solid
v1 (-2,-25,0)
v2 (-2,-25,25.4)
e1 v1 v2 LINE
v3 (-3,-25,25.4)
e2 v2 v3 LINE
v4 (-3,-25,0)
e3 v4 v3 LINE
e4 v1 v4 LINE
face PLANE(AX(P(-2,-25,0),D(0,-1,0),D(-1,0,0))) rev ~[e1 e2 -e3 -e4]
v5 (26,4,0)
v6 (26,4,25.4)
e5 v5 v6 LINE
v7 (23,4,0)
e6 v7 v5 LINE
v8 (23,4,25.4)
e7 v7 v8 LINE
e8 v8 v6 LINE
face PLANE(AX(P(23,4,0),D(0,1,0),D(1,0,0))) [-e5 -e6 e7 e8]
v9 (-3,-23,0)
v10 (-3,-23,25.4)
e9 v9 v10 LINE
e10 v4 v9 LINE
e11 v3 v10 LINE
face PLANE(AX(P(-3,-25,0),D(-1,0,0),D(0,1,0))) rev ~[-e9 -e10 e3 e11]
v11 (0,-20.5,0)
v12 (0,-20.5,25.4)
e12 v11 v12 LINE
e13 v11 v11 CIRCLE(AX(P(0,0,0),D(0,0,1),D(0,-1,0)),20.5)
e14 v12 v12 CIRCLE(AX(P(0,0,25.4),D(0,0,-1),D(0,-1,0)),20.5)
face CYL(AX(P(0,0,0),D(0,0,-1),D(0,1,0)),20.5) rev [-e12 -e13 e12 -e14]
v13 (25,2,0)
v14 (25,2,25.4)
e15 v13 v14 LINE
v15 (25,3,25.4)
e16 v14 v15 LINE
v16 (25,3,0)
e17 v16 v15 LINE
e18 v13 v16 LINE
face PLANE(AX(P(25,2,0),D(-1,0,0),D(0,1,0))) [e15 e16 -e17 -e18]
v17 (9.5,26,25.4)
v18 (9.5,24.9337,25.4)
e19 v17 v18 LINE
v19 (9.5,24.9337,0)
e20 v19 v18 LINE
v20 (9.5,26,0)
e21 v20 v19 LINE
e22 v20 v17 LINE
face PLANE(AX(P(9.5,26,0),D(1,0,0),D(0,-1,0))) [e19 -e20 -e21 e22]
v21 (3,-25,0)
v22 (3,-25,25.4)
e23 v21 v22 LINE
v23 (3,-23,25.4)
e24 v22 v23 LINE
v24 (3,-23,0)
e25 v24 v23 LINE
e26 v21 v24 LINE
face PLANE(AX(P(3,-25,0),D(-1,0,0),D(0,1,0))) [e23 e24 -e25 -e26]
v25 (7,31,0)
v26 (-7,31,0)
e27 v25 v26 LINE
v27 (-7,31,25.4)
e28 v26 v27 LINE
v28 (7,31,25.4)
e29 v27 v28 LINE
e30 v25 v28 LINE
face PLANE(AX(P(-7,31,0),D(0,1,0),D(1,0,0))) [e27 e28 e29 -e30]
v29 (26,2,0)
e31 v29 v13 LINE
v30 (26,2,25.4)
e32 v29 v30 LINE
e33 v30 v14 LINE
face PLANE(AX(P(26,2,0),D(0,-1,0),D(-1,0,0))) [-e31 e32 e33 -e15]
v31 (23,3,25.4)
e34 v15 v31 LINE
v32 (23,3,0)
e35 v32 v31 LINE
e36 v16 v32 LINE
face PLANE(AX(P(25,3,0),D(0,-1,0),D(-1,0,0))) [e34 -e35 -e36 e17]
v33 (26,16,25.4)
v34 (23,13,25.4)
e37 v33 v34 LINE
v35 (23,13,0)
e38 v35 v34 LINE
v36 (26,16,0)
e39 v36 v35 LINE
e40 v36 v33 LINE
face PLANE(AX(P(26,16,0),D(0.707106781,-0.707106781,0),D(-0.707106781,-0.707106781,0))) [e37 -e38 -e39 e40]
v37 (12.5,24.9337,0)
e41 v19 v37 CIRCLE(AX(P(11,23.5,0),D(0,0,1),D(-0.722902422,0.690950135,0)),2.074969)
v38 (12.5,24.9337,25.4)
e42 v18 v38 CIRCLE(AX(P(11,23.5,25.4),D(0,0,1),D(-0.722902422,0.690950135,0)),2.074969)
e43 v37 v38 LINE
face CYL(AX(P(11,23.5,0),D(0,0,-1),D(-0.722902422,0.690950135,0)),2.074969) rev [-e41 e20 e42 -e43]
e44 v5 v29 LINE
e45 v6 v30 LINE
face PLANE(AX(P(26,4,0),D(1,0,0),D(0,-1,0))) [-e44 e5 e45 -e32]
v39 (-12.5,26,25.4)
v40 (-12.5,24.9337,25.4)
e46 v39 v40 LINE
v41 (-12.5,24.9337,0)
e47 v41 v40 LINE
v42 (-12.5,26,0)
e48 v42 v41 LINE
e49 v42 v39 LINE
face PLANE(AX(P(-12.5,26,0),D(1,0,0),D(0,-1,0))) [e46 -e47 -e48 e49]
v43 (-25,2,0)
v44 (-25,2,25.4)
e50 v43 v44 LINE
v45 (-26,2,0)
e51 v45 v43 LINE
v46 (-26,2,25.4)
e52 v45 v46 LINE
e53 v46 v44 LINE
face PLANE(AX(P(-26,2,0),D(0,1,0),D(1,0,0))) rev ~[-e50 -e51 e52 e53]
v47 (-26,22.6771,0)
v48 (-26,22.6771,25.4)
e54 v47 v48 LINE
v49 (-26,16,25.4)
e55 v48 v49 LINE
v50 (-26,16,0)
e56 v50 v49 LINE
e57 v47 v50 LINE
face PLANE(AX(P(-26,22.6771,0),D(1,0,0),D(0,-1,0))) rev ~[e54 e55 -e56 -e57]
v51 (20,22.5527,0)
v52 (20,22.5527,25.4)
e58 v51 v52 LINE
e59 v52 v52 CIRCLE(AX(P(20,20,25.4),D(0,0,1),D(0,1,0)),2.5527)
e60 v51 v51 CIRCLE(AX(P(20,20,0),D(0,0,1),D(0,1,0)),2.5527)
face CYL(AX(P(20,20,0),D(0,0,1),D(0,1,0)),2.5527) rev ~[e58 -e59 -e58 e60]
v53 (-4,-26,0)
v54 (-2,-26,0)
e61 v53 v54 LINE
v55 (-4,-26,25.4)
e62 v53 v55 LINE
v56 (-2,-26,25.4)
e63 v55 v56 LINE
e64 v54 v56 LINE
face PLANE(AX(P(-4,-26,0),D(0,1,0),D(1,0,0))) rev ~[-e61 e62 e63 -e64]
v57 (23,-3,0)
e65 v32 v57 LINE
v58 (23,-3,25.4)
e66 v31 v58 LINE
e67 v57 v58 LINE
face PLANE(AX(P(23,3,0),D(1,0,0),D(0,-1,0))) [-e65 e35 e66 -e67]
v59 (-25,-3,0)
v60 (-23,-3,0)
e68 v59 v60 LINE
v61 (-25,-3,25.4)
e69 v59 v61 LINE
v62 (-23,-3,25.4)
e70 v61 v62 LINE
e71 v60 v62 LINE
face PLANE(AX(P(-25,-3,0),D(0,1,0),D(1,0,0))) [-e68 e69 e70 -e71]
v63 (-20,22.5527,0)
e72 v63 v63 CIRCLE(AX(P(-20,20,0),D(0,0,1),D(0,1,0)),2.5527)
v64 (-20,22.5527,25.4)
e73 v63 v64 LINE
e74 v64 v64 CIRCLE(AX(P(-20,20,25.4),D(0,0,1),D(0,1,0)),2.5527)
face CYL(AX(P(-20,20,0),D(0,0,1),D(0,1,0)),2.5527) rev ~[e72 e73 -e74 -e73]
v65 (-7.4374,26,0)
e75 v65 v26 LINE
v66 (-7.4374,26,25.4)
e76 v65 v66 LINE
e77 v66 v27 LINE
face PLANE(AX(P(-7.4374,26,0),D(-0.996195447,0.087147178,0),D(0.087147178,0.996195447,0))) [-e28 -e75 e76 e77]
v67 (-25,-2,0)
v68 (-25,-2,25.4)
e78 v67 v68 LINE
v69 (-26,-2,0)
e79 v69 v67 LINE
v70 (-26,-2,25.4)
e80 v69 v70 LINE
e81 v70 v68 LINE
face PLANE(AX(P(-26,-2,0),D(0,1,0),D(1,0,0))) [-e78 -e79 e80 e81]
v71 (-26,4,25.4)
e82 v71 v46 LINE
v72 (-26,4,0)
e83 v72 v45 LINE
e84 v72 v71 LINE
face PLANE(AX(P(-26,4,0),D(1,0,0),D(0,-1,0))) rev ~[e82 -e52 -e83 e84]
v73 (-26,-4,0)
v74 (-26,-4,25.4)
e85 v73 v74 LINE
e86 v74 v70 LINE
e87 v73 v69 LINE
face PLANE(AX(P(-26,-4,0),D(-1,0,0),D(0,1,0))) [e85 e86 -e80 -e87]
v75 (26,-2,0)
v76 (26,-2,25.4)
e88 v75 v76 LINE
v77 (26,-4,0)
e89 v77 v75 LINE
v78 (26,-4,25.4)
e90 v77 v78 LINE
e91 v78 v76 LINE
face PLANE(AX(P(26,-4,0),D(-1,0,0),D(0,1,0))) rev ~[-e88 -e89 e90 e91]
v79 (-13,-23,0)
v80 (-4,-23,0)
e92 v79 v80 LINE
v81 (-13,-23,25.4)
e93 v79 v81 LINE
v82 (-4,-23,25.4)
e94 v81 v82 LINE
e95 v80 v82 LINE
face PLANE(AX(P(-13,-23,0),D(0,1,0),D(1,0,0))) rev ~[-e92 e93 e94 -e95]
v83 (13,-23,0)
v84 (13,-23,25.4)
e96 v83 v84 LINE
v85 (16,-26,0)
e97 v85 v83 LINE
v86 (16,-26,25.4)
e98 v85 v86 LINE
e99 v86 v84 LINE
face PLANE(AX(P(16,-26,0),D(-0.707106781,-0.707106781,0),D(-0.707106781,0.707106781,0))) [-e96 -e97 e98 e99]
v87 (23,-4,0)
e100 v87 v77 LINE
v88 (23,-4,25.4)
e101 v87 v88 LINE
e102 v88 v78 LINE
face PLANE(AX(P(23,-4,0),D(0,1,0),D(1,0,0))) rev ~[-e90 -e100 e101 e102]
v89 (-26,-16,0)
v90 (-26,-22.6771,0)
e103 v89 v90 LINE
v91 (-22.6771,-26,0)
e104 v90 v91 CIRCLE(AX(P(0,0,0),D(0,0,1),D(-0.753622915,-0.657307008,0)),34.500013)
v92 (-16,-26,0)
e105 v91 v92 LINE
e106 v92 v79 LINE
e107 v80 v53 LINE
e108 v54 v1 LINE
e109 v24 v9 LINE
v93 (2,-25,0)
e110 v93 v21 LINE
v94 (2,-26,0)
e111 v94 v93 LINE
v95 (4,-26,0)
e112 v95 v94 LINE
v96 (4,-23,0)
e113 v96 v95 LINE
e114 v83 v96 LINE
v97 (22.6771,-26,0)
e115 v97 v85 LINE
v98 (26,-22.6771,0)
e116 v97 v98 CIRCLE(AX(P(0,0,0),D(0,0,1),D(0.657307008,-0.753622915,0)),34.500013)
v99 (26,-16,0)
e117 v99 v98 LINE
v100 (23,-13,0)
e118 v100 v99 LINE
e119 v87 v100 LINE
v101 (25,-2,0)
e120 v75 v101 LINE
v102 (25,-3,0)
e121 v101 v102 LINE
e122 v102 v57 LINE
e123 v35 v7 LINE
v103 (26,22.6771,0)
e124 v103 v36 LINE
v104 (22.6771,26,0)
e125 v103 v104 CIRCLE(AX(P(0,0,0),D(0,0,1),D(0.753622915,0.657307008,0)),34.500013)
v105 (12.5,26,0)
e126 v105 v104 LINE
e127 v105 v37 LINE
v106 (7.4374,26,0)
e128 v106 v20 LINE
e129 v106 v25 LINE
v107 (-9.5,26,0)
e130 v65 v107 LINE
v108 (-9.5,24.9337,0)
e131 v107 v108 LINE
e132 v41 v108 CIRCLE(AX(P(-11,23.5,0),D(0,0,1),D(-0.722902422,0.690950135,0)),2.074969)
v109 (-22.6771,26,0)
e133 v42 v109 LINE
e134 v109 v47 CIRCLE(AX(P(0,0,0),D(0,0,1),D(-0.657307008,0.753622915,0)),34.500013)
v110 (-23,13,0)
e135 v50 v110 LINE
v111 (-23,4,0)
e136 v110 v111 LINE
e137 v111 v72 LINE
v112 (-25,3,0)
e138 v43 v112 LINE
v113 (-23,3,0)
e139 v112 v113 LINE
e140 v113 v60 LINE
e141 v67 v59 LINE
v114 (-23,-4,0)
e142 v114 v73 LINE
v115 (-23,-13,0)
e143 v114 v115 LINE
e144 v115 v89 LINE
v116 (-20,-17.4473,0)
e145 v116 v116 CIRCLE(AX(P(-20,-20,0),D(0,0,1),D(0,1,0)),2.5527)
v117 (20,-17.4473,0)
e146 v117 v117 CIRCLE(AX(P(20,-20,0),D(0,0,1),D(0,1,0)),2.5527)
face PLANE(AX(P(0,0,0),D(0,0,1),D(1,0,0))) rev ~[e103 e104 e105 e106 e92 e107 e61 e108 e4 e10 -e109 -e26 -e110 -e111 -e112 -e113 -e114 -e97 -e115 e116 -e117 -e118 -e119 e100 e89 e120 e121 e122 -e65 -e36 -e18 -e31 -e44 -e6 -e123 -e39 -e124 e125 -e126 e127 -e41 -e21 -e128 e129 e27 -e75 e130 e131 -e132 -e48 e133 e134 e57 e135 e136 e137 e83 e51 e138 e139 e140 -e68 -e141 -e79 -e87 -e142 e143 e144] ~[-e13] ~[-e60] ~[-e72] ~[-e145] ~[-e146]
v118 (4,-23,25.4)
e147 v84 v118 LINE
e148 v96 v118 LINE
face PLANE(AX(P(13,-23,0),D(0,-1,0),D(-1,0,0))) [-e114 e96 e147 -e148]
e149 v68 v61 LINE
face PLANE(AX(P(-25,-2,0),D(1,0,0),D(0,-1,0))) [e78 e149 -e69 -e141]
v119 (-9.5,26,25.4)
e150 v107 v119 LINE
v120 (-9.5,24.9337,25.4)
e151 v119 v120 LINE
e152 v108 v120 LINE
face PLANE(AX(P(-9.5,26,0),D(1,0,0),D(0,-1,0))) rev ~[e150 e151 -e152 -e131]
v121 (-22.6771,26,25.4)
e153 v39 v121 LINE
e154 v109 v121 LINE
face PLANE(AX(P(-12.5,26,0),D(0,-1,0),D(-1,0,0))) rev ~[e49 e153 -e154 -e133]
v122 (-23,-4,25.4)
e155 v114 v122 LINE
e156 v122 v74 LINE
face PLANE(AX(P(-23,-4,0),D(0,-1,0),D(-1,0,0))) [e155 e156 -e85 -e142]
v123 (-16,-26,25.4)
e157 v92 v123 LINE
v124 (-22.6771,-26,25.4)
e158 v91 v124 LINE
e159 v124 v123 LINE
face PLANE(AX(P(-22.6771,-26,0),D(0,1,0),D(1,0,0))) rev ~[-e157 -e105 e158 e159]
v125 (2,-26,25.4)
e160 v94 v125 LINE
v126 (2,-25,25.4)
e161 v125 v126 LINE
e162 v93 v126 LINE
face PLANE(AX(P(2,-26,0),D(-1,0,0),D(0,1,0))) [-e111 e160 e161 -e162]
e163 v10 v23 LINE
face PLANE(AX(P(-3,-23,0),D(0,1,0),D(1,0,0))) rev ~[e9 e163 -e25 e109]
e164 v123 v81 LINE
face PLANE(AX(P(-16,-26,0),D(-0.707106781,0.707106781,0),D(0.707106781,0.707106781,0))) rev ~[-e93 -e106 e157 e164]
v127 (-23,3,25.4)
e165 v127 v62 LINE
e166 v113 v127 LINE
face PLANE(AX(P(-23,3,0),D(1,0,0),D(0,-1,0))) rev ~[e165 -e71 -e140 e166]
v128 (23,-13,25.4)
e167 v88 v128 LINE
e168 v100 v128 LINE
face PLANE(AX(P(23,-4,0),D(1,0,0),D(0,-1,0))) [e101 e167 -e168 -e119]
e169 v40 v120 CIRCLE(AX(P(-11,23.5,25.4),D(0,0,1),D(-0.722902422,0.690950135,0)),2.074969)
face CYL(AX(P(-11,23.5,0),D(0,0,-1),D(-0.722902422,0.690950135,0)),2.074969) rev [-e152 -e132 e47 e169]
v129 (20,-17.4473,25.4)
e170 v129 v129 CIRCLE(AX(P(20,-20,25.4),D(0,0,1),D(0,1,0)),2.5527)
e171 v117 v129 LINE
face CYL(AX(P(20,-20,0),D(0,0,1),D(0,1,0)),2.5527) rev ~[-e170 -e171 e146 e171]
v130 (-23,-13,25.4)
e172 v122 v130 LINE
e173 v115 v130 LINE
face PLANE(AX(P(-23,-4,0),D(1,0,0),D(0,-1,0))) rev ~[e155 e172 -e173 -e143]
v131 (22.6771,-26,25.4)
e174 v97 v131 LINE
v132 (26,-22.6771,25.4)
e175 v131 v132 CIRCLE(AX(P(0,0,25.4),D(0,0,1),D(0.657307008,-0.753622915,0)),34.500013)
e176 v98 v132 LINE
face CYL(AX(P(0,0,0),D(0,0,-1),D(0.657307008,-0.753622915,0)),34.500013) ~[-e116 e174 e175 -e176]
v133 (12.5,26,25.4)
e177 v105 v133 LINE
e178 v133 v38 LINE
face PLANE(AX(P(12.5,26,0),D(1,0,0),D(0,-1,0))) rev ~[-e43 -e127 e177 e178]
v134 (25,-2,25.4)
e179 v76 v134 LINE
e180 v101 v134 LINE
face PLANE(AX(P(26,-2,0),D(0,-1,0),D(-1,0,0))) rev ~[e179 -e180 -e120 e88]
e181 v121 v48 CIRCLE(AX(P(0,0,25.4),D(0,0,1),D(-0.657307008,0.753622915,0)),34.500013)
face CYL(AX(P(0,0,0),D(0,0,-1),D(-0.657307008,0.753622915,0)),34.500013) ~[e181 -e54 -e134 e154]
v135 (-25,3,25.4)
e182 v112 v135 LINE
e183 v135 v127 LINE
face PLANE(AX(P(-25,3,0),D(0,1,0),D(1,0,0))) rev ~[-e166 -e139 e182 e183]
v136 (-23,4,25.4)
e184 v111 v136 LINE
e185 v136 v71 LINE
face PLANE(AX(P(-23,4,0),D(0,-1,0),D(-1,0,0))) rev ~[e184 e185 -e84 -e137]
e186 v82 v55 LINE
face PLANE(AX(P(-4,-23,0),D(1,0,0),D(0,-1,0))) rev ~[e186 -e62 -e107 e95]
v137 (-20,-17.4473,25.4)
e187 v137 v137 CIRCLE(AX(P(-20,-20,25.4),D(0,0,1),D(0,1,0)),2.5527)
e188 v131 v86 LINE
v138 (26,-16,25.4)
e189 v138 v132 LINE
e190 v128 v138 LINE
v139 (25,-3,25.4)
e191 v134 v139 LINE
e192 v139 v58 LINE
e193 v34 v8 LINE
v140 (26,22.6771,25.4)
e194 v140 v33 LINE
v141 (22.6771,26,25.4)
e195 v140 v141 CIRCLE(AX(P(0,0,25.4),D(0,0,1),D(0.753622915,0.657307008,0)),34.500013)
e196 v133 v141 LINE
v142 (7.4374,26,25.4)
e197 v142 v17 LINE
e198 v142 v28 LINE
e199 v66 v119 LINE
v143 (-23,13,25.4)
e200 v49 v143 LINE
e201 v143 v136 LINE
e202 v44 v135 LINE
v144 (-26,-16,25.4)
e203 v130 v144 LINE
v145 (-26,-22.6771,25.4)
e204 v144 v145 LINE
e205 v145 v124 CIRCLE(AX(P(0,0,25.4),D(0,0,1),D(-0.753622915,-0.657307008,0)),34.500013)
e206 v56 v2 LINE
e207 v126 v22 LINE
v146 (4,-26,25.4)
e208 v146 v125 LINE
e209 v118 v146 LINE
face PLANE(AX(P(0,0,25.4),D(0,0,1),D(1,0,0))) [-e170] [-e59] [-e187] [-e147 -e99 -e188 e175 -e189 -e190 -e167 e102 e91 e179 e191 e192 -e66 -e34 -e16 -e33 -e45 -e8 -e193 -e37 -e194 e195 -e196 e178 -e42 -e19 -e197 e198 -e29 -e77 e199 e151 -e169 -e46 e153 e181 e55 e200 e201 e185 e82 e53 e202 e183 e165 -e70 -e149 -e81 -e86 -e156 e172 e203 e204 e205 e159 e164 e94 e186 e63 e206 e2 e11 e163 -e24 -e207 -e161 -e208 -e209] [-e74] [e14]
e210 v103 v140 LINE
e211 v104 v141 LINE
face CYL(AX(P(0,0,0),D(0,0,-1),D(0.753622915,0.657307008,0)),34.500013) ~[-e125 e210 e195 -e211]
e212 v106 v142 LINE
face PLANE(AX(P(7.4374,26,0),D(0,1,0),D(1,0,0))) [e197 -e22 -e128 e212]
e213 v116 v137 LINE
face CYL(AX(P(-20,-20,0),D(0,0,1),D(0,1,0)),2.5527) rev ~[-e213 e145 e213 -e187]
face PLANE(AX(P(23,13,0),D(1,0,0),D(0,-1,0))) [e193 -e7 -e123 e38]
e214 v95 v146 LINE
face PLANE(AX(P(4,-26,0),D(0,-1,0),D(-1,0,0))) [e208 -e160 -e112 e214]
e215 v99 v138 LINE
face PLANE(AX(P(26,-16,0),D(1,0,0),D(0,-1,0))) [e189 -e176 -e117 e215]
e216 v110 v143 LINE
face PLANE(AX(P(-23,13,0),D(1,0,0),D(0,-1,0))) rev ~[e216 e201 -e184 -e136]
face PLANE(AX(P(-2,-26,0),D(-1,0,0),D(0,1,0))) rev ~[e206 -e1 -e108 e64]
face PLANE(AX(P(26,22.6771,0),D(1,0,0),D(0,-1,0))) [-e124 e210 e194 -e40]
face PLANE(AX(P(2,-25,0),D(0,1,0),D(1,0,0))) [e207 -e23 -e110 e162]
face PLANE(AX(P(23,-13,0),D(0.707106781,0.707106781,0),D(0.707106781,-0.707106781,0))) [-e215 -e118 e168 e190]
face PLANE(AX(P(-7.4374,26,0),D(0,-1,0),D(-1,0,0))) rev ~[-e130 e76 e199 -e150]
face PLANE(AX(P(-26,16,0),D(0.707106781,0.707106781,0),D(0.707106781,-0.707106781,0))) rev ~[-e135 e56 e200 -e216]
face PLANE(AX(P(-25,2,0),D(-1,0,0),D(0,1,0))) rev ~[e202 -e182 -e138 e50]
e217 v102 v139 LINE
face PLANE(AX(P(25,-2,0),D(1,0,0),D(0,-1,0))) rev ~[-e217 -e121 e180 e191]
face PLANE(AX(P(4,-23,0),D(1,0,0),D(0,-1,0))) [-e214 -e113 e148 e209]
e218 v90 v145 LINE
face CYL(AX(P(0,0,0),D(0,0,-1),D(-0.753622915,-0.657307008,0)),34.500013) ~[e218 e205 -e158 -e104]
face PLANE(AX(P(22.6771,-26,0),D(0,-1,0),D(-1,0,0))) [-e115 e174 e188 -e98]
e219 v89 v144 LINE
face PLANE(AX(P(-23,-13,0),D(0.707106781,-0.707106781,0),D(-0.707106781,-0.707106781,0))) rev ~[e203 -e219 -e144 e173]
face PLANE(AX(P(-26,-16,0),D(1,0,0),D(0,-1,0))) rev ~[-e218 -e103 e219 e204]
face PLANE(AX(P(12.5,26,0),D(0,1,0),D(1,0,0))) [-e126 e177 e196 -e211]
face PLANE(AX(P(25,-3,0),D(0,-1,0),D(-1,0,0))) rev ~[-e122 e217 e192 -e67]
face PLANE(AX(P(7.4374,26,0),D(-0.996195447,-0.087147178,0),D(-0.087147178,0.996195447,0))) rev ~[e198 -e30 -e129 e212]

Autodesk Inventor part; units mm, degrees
ref_plane "YZ Plane" through (0, 0, 0) normal (1, 0, 0) x (0, 1, 0)
ref_plane "XZ Plane" through (0, 0, 0) normal (0, 1, 0) x (-1, 0, 0)
ref_plane "XY Plane" through (0, 0, 0) normal (0, 0, 1) x (1, 0, 0)
sketch "Sketch1" plane through (0, 0, 0) normal (0, 0, 1) x (1, 0, 0)
  line L0 (-7.4374, 26) -> (-7, 31)
  line L1 (0, 31) -> (0, 0) construction
  line L2 (-7, 31) -> (0, 31)
  line L3 (-9.5, 26) -> (-9.5, 24.9337)
  line L4 (-12.5, 26) -> (-12.5, 24.9337)
  line L5 (-7.4374, 26) -> (-9.5, 26)
  line L6 (-12.5, 26) -> (-22.6771, 26)
  arc A0 (-12.5, 24.9337) -> (-9.5, 24.9337) centre (-11, 23.5) ccw
  line L7 (-22.6771, -26) -> (-16, -26)
  line L8 (0, -23) -> (0, 0) construction
  arc A1 (-26, -22.6771) -> (-22.6771, -26) centre (0, 0) ccw
  arc A2 (-22.6771, 26) -> (-26, 22.6771) centre (0, 0) ccw
  line L9 (-26, 16) -> (-23, 13)
  line L10 (-23, -13) -> (-26, -16)
  line L11 (-26, 22.6771) -> (-26, 16)
  line L12 (-26, -16) -> (-26, -22.6771)
  line L13 (-16, -26) -> (-13, -23)
  line L14 (-23, 4) -> (-26, 4)
  line L15 (-26, 4) -> (-26, 2)
  line L16 (-26, 2) -> (-25, 2)
  line L17 (-25, 2) -> (-25, 3)
  line L18 (-25, 3) -> (-23, 3)
  line L19 (-23, -4) -> (-26, -4)
  line L20 (-26, -4) -> (-26, -2)
  line L21 (-26, -2) -> (-25, -2)
  line L22 (-25, -2) -> (-25, -3)
  line L23 (-25, -3) -> (-23, -3)
  line L24 (-4, -23) -> (-4, -26)
  line L25 (-4, -26) -> (-2, -26)
  line L26 (-2, -26) -> (-2, -25)
  line L27 (-2, -25) -> (-3, -25)
  line L28 (-3, -25) -> (-3, -23)
  line L29 (-23, 13) -> (-23, 4)
  line L30 (-23, 3) -> (-23, -3)
  line L31 (-23, -4) -> (-23, -13)
  line L32 (-13, -23) -> (-4, -23)
  line L33 (-3, -23) -> (0, -23)
  arc A3 (0, 20.5) -> (0, -20.5) centre (0, 0) ccw
  line L34 (0, 36.125) -> (0, -43.6282) construction
  line L35 (7.4374, 26) -> (7, 31)
  line L36 (7, 31) -> (0, 31)
  line L37 (9.5, 26) -> (9.5, 24.9337)
  line L38 (12.5, 26) -> (12.5, 24.9337)
  line L39 (7.4374, 26) -> (9.5, 26)
  line L40 (12.5, 26) -> (22.6771, 26)
  arc A4 (9.5, 24.9337) -> (12.5, 24.9337) centre (11, 23.5) ccw
  line L41 (22.6771, -26) -> (16, -26)
  arc A5 (22.6771, -26) -> (26, -22.6771) centre (0, 0) ccw
  arc A6 (26, 22.6771) -> (22.6771, 26) centre (0, 0) ccw
  line L42 (26, 16) -> (23, 13)
  line L43 (23, -13) -> (26, -16)
  line L44 (26, 22.6771) -> (26, 16)
  line L45 (26, -16) -> (26, -22.6771)
  line L46 (16, -26) -> (13, -23)
  line L47 (23, 4) -> (26, 4)
  line L48 (26, 4) -> (26, 2)
  line L49 (26, 2) -> (25, 2)
  line L50 (25, 2) -> (25, 3)
  line L51 (25, 3) -> (23, 3)
  line L52 (23, -4) -> (26, -4)
  line L53 (26, -4) -> (26, -2)
  line L54 (26, -2) -> (25, -2)
  line L55 (25, -2) -> (25, -3)
  line L56 (25, -3) -> (23, -3)
  line L57 (4, -23) -> (4, -26)
  line L58 (4, -26) -> (2, -26)
  line L59 (2, -26) -> (2, -25)
  line L60 (2, -25) -> (3, -25)
  line L61 (3, -25) -> (3, -23)
  line L62 (23, 13) -> (23, 4)
  line L63 (23, 3) -> (23, -3)
  line L64 (23, -4) -> (23, -13)
  line L65 (13, -23) -> (4, -23)
  line L66 (3, -23) -> (0, -23)
  arc A7 (0, -20.5) -> (0, 20.5) centre (0, 0) ccw
  point P0 (-20, 20)
  point P1 (-20, -20)
  point P2 (20, 20)
  point P3 (20, -20)
  dimension "d3" = 7.4374
  dimension "d4" = 7
  dimension "d6" = 31
  dimension "d7" = 5
  dimension "d8" = 3
  dimension "d9" = 2.075
  dimension "d10" = 2.5
  dimension "d11" = 11
  dimension "d15" = 34.5
  dimension "d16" = 34.5
  dimension "d19" = 26
  dimension "d20" = 13
  dimension "d21" = 26
  dimension "d22" = 26
  dimension "d23" = 6.6771
  dimension "d24" = 23
  dimension "d25" = 1
  dimension "d26" = 1
  dimension "d27" = 26
  dimension "d28" = 8
  dimension "d29" = 4
  dimension "d30" = 4
  dimension "d31" = 2
  dimension "d32" = 20.5
  dimension "d33" = 40
  dimension "d34" = 20
  dimension "d35" = 20
extrude "SMC, 40MM" add sketch "Sketch1" along normal blind 25.4
hole "Hole1" at (-20, 20, 0) at (-20, -20, 0) at (20, 20, 0) at (20, -20, 0) direction (0, 0, 1) diameter 5.1054 end through all
equation "\"d20\" = 0.5 * d19"
equation "\"d26\" = d25"
equation "\"d30\" = 0.5 * d28"
equation "\"d34\" = 0.5 * d33"
equation "\"d35\" = d34"
properties part number "EXTRUSION, CYLINDER, ALUMINIUM, SMC, 40MM" material "Extrusion, Aluminum, SMC, 40 MM"
